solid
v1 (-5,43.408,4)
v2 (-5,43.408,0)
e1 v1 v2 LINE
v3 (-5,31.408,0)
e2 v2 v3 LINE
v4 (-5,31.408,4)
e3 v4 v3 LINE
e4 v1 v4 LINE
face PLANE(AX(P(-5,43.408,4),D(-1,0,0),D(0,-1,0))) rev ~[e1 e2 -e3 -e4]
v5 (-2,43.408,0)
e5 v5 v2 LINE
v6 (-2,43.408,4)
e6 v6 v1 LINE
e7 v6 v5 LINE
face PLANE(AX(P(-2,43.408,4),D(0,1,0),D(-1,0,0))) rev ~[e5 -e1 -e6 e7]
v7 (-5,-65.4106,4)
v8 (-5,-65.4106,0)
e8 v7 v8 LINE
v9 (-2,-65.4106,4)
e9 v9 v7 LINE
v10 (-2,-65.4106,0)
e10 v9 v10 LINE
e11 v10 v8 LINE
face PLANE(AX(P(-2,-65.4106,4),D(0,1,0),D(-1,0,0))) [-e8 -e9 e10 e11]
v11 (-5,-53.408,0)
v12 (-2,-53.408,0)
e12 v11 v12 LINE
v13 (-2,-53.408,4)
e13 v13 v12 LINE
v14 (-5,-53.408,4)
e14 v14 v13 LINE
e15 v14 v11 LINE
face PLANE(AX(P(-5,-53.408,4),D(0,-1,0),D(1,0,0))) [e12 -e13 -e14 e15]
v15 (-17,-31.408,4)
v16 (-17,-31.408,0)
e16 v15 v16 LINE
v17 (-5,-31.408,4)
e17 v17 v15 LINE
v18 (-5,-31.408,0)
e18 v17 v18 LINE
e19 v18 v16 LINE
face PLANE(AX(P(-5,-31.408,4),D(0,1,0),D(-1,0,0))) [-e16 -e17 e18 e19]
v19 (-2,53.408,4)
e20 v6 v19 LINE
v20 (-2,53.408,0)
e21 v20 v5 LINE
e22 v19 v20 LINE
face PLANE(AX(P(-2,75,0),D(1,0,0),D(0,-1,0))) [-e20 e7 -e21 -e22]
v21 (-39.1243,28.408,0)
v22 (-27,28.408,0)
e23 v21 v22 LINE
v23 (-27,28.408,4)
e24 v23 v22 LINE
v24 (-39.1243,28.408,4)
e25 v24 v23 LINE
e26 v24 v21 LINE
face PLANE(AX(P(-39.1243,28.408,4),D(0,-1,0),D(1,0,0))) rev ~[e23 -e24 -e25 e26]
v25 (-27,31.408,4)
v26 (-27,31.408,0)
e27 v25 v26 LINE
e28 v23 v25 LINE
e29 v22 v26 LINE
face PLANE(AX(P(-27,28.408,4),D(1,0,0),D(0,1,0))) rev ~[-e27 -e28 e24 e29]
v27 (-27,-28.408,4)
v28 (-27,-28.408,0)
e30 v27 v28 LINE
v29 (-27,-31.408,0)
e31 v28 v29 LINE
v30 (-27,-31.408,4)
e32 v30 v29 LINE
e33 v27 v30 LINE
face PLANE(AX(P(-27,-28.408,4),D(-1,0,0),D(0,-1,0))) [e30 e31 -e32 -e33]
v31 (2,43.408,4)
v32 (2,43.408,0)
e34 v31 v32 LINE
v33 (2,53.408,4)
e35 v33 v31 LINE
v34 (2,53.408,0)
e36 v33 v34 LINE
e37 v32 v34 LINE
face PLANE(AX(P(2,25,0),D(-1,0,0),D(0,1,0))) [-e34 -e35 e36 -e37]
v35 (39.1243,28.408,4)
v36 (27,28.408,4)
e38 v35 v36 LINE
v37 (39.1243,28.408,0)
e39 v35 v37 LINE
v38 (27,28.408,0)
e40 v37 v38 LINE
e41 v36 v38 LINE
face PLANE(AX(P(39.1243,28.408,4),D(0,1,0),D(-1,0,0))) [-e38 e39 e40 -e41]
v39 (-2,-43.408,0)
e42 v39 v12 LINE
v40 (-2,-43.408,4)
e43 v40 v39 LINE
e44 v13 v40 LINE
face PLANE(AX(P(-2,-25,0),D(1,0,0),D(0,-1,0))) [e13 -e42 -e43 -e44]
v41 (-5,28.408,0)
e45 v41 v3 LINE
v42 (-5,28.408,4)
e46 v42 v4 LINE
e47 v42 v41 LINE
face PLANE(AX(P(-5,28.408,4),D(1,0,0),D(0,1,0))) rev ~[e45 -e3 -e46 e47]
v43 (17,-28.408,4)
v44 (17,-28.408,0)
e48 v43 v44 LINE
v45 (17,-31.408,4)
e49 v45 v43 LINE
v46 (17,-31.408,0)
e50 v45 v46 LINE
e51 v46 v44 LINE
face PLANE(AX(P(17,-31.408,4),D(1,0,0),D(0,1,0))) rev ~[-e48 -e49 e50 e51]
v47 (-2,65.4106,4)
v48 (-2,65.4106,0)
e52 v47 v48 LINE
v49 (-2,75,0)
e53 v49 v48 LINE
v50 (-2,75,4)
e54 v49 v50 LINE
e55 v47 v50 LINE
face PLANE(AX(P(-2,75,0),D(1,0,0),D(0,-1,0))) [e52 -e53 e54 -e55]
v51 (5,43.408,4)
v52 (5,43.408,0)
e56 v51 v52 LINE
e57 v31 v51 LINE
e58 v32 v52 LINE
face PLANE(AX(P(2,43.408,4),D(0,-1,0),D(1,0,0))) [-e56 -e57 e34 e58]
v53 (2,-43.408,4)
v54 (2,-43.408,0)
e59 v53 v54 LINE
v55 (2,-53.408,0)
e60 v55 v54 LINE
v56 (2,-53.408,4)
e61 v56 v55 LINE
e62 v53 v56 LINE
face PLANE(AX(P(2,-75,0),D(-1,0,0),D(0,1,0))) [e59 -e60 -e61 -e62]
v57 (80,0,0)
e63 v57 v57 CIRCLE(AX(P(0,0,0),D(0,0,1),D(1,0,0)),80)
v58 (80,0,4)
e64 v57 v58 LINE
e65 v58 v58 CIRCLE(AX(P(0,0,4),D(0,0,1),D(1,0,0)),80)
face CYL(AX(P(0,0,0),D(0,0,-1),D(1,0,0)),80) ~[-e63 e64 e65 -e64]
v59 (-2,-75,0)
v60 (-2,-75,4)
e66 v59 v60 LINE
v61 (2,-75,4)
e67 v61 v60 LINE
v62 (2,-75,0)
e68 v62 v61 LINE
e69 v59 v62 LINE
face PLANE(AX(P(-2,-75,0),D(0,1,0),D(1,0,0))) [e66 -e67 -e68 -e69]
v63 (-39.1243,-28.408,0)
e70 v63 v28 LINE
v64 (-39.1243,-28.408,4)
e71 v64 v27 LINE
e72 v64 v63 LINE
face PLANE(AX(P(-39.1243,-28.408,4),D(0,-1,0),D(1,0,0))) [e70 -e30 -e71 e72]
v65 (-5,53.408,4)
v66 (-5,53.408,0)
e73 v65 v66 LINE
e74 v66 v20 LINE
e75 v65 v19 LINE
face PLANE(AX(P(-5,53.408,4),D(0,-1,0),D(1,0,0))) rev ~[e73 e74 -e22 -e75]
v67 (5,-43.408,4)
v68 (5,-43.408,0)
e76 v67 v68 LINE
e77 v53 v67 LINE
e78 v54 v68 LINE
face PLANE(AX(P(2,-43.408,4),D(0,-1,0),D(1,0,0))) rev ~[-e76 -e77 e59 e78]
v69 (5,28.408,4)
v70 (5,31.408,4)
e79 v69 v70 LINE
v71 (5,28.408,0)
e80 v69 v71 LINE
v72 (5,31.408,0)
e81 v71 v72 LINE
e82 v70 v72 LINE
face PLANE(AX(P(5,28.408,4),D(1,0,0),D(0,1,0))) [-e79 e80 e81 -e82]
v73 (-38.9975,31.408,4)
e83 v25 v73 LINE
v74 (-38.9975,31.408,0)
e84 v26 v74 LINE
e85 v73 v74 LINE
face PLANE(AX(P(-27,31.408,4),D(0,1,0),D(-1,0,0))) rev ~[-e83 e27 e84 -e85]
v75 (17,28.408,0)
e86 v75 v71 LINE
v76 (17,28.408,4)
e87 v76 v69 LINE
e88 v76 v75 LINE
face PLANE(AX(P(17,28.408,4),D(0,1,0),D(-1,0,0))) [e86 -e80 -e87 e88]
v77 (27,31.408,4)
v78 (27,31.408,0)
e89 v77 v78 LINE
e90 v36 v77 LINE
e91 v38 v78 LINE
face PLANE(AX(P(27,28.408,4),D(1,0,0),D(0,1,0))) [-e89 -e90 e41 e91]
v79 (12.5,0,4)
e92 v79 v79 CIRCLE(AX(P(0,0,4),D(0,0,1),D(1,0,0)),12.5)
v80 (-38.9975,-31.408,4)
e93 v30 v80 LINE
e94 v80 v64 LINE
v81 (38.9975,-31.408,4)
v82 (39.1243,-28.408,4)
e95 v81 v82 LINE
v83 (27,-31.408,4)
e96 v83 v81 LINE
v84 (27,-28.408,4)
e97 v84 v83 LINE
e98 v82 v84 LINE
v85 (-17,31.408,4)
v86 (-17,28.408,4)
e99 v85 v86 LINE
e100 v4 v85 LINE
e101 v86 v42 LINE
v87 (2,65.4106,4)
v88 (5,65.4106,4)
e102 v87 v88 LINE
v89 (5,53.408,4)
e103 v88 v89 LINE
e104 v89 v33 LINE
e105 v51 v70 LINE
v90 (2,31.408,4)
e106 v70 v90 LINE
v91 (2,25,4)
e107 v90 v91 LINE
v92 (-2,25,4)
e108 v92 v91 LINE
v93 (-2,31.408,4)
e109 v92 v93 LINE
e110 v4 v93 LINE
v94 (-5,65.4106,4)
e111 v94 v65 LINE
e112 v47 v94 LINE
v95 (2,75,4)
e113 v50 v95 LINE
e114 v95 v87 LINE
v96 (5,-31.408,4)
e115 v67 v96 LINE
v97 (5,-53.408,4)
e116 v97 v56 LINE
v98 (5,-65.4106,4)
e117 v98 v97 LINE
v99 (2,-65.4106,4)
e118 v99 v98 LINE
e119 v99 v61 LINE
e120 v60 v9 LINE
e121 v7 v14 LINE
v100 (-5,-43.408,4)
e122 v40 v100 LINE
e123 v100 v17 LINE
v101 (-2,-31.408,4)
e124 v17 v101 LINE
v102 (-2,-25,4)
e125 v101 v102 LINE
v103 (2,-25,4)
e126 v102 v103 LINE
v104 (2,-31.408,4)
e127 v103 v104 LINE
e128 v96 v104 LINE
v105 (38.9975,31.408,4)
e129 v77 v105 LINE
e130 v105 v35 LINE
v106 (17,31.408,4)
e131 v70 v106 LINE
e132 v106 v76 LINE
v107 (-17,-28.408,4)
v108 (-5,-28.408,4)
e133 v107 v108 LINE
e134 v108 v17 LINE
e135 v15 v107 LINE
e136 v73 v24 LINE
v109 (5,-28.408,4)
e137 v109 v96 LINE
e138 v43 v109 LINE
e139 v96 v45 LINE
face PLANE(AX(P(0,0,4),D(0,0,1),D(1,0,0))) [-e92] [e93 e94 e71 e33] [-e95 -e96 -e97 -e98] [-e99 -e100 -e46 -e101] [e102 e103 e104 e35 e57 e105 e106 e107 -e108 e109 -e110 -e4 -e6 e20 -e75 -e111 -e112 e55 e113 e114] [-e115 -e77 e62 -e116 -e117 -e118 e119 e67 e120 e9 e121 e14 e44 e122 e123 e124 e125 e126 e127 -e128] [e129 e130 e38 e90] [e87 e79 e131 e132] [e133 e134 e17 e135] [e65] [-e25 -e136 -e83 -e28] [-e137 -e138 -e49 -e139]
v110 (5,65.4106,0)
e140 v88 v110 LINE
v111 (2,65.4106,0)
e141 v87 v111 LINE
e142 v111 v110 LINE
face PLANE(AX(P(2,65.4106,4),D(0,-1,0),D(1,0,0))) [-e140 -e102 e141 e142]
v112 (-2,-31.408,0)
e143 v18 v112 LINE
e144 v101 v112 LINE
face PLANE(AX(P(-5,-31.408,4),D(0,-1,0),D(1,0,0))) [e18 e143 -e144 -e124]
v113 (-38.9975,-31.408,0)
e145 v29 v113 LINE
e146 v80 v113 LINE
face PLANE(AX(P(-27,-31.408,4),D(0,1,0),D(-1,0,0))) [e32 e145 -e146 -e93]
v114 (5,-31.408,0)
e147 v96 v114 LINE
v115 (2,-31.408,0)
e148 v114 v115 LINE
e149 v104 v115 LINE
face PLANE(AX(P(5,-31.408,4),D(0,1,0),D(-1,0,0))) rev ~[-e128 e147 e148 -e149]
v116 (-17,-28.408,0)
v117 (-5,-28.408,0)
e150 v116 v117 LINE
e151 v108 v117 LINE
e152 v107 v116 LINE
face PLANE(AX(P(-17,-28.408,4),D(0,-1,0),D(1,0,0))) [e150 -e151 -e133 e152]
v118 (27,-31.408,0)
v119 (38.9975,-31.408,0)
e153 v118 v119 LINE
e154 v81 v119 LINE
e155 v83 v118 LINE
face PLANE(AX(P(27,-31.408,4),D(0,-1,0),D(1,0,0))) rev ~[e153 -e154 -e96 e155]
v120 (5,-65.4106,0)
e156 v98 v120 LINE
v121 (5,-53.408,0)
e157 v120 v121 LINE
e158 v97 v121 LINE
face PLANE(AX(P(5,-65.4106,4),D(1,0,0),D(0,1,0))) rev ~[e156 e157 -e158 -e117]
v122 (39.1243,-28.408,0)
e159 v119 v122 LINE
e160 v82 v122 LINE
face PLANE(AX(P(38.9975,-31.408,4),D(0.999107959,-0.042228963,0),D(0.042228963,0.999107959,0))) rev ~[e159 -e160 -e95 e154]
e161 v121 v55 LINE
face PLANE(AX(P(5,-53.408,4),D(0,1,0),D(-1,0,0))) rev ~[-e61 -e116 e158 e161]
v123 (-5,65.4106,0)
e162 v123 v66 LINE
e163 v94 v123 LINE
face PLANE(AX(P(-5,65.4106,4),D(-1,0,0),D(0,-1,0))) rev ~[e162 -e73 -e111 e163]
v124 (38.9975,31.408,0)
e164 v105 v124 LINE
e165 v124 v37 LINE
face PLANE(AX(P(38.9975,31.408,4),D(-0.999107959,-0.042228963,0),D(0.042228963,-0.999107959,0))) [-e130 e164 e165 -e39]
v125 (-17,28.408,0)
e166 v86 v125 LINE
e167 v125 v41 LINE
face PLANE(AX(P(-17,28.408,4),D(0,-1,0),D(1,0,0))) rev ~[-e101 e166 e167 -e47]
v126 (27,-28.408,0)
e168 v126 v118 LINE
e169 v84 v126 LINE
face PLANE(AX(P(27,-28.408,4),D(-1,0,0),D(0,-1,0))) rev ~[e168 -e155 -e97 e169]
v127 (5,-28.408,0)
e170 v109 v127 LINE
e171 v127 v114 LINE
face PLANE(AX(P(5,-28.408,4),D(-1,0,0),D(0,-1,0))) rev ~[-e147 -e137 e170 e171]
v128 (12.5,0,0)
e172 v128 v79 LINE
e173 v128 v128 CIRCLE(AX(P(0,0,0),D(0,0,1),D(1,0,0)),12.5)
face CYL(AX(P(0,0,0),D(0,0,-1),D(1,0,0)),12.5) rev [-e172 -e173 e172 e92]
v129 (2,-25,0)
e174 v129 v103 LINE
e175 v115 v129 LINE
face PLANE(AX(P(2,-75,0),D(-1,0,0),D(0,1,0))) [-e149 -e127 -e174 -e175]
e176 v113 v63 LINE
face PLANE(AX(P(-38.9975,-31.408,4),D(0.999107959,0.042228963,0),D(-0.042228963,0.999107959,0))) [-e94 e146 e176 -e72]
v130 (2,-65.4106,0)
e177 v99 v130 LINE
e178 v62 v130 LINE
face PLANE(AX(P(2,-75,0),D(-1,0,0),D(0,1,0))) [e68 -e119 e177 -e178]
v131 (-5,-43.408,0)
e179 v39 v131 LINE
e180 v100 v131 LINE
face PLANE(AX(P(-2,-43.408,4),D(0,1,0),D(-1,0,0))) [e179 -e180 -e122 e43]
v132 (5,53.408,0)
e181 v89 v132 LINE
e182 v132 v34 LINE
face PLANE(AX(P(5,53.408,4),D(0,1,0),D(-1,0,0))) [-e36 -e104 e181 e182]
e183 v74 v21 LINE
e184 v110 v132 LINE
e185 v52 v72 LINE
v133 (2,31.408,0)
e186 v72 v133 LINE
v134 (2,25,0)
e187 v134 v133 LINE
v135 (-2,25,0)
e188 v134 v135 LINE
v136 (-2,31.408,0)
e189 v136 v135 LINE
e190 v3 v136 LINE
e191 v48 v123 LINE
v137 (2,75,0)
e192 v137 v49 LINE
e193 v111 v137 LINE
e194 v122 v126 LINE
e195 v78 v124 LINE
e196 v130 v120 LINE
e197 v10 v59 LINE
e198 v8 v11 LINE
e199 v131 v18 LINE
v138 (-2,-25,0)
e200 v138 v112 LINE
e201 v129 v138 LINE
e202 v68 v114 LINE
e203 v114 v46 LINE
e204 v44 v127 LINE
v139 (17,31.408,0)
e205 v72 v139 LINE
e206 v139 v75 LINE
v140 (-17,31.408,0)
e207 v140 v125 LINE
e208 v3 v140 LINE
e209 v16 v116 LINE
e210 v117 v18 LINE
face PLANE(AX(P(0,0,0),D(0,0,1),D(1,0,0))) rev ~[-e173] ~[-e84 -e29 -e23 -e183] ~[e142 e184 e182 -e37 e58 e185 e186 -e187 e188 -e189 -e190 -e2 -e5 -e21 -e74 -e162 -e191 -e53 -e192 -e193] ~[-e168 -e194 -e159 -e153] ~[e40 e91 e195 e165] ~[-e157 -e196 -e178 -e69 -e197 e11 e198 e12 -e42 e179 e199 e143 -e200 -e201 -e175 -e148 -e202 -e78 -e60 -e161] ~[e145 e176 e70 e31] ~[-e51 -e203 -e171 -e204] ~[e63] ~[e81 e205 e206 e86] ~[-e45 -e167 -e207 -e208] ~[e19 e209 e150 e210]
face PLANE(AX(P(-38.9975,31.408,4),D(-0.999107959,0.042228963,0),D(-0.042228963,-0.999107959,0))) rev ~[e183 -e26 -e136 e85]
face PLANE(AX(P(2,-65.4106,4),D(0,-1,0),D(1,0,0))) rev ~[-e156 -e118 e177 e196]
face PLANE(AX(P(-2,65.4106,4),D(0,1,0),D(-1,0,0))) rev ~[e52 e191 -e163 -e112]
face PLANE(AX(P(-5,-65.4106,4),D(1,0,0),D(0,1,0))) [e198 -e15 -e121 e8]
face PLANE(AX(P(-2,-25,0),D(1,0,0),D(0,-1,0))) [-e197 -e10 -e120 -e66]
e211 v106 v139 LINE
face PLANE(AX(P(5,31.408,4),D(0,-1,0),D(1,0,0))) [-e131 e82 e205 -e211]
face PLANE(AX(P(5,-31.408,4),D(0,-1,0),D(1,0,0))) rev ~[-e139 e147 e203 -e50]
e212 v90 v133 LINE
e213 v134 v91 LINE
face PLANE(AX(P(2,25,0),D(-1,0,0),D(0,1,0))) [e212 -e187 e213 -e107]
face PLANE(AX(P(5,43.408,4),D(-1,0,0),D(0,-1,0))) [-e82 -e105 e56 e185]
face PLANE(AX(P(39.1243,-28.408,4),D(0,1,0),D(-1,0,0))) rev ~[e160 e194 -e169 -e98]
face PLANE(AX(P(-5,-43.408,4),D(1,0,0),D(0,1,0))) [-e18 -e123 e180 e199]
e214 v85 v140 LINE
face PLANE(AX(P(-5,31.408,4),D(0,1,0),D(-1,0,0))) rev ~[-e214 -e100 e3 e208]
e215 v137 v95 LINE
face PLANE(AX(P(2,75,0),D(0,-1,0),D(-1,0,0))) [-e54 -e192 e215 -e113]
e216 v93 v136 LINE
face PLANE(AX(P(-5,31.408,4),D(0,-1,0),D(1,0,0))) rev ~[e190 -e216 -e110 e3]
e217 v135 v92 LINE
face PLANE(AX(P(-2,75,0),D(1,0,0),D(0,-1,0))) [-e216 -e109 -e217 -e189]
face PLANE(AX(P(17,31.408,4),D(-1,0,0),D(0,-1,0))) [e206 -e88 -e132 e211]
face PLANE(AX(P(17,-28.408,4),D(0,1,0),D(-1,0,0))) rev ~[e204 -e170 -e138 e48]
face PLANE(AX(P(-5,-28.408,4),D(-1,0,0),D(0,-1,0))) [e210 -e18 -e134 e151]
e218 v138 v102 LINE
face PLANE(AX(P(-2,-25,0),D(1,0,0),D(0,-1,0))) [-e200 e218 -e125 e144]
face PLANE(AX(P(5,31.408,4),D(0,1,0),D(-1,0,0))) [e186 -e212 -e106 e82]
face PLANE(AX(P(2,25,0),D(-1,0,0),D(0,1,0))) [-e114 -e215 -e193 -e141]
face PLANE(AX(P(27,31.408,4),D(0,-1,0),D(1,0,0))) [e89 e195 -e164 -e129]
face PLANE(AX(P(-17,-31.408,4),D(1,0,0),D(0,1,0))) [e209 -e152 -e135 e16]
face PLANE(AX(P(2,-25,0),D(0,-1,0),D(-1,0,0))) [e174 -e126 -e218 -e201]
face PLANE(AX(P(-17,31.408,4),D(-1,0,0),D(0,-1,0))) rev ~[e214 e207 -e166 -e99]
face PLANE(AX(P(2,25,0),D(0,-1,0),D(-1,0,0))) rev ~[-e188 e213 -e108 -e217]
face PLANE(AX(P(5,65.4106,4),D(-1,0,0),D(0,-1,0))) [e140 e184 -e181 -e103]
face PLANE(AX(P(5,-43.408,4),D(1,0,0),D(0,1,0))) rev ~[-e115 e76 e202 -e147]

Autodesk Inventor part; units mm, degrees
ref_plane "YZ Plane" through (0, 0, 0) normal (1, 0, 0) x (0, 1, 0)
ref_plane "XZ Plane" through (0, 0, 0) normal (0, 1, 0) x (-1, 0, 0)
ref_plane "XY Plane" through (0, 0, 0) normal (0, 0, 1) x (1, 0, 0)
sketch "Эскиз1" plane through (0, 0, 0) normal (0, 0, 1) x (1, 0, 0)
  circle A0 centre (0, 0) radius 80 projected
  line L0 (-52.7251, -56.1362) -> (-52.7358, -38.0942) construction
  arc A1 (-51.7364, -37.0936) -> (-52.7358, -38.0942) centre (-51.7358, -38.0936) ccw construction
  line L1 (-51.7364, -37.0936) -> (-13.2571, -37.0709) construction
  arc A2 (-12.2565, -38.0703) -> (-13.2571, -37.0709) centre (-13.2565, -38.0709) ccw construction
  line L2 (-12.2565, -38.0703) -> (-12.2459, -56.1122) construction
  arc A3 (-13.2453, -57.1128) -> (-12.2459, -56.1122) centre (-13.2459, -56.1128) ccw construction
  line L3 (-13.2453, -57.1128) -> (-51.7245, -57.1356) construction
  arc A4 (-52.7251, -56.1362) -> (-51.7245, -57.1356) centre (-51.7251, -56.1356) ccw construction
  circle A5 centre (-11.4805, -27.7164) radius 3.15 construction
  circle A6 centre (-27.7164, 11.4805) radius 3.15 construction
  circle A7 centre (11.4805, 27.7164) radius 3.15 construction
  circle A8 centre (27.7164, -11.4805) radius 3.15 construction
  circle A9 centre (0, 0) radius 12.5
  circle A10 centre (0, 0) radius 39.5 construction
  point P0 (0, 0)
  dimension "d10" = 25
extrude "Выдавливание1" add sketch "Эскиз1" along normal blind 4
sketch "Эскиз2" plane through (0, 0, 0) normal (0, 0, -1) x (-1, 0, 0)
  circle A0 centre (0, 0) radius 80 projected
  line L0 (0, 80) -> (0, -80) construction
  line L1 (2, -75) -> (-2, -75)
  line L2 (-2, -75) -> (-2, 75)
  line L3 (-2, 75) -> (2, 75)
  line L4 (2, 75) -> (2, -75)
  line L5 (2, -75) -> (-2, 75) construction
  line L6 (-2, -75) -> (2, 75) construction
  line L7 (-2, 25) -> (2, 25)
  line L8 (-2, -25) -> (2, -25)
  point P0 (0, -25)
  point P1 (0, 75)
  point P2 (0, 25)
  dimension "d2" = 4
  dimension "d3" = 150
  dimension "d4" = 50
  dimension "d5" = 50
extrude "Выдавливание2" cut sketch "Эскиз2" against normal blind 10 contours L1 L2 L8 L4 | L7 L2 L3 L4
sketch "Эскиз3" plane through (0, 0, 4) normal (0, 0, 1) x (1, 0, 0)
  line L0 (5, 53.408) -> (2, 53.408)
  line L1 (2, 31.408) -> (2, 43.408)
  line L2 (17, 28.408) -> (5, 28.408)
  line L3 (39.1243, 28.408) -> (27, 28.408)
  line L4 (2, 53.408) -> (2, 65.4106)
  line L5 (5, 65.4106) -> (5, 53.408)
  line L6 (2, 65.4106) -> (5, 65.4106)
  line L7 (2, 43.408) -> (5, 43.408)
  line L8 (5, 31.408) -> (2, 31.408)
  line L9 (5, 43.408) -> (5, 31.408)
  line L10 (5, 28.408) -> (5, 31.408)
  line L11 (5, 31.408) -> (17, 31.408)
  line L12 (27, 31.408) -> (38.9975, 31.408)
  line L13 (38.9975, 31.408) -> (39.1243, 28.408)
  line L14 (17, 31.408) -> (17, 28.408)
  line L15 (27, 28.408) -> (27, 31.408)
  line L16 (5, 65.4121) -> (5, 65.4106)
  line L17 (102, 0) -> (-112, 0) construction
  line L18 (5, -53.408) -> (2, -53.408)
  line L19 (2, -31.408) -> (2, -43.408)
  line L20 (17, -28.408) -> (5, -28.408)
  line L21 (39.1243, -28.408) -> (27, -28.408)
  line L22 (2, -53.408) -> (2, -65.4106)
  line L23 (5, -65.4106) -> (5, -53.408)
  line L24 (2, -65.4106) -> (5, -65.4106)
  line L25 (2, -43.408) -> (5, -43.408)
  line L26 (5, -31.408) -> (2, -31.408)
  line L27 (5, -43.408) -> (5, -31.408)
  line L28 (5, -28.408) -> (5, -31.408)
  line L29 (5, -31.408) -> (17, -31.408)
  line L30 (27, -31.408) -> (38.9975, -31.408)
  line L31 (38.9975, -31.408) -> (39.1243, -28.408)
  line L32 (17, -31.408) -> (17, -28.408)
  line L33 (27, -28.408) -> (27, -31.408)
  line L34 (5, -65.4121) -> (5, -65.4106)
  line L35 (0, 116) -> (0, -113) construction
  line L36 (-5, 53.408) -> (-2, 53.408)
  line L37 (-2, 31.408) -> (-2, 43.408)
  line L38 (-17, 28.408) -> (-5, 28.408)
  line L39 (-39.1243, 28.408) -> (-27, 28.408)
  line L40 (-2, 53.408) -> (-2, 65.4106)
  line L41 (-5, 65.4106) -> (-5, 53.408)
  line L42 (-2, 65.4106) -> (-5, 65.4106)
  line L43 (-2, 43.408) -> (-5, 43.408)
  line L44 (-5, 31.408) -> (-2, 31.408)
  line L45 (-5, 43.408) -> (-5, 31.408)
  line L46 (-5, 28.408) -> (-5, 31.408)
  line L47 (-5, 31.408) -> (-17, 31.408)
  line L48 (-27, 31.408) -> (-38.9975, 31.408)
  line L49 (-38.9975, 31.408) -> (-39.1243, 28.408)
  line L50 (-17, 31.408) -> (-17, 28.408)
  line L51 (-27, 28.408) -> (-27, 31.408)
  line L52 (-5, 65.4121) -> (-5, 65.4106)
  line L53 (-17, -31.408) -> (-17, -28.408)
  line L54 (-17, -28.408) -> (-5, -28.408)
  line L55 (-5, -28.408) -> (-5, -31.408)
  line L56 (-5, -31.408) -> (-17, -31.408)
  line L57 (-5, -31.408) -> (-2, -31.408)
  line L58 (-5, -43.408) -> (-5, -31.408)
  line L59 (-2, -31.408) -> (-2, -43.408)
  line L60 (-2, -43.408) -> (-5, -43.408)
  line L61 (-5, -53.408) -> (-2, -53.408)
  line L62 (-5, -65.4106) -> (-5, -53.408)
  line L63 (-5, -65.4121) -> (-5, -65.4106)
  line L64 (-2, -53.408) -> (-2, -65.4106)
  line L65 (-2, -65.4106) -> (-5, -65.4106)
  line L66 (-27, -28.408) -> (-27, -31.408)
  line L67 (-27, -31.408) -> (-38.9975, -31.408)
  line L68 (-38.9975, -31.408) -> (-39.1243, -28.408)
  line L69 (-39.1243, -28.408) -> (-27, -28.408)
  point P0 (0, 0)
extrude "Выдавливание3" cut sketch "Эскиз3" against normal blind 10
properties part number "лицо1"
